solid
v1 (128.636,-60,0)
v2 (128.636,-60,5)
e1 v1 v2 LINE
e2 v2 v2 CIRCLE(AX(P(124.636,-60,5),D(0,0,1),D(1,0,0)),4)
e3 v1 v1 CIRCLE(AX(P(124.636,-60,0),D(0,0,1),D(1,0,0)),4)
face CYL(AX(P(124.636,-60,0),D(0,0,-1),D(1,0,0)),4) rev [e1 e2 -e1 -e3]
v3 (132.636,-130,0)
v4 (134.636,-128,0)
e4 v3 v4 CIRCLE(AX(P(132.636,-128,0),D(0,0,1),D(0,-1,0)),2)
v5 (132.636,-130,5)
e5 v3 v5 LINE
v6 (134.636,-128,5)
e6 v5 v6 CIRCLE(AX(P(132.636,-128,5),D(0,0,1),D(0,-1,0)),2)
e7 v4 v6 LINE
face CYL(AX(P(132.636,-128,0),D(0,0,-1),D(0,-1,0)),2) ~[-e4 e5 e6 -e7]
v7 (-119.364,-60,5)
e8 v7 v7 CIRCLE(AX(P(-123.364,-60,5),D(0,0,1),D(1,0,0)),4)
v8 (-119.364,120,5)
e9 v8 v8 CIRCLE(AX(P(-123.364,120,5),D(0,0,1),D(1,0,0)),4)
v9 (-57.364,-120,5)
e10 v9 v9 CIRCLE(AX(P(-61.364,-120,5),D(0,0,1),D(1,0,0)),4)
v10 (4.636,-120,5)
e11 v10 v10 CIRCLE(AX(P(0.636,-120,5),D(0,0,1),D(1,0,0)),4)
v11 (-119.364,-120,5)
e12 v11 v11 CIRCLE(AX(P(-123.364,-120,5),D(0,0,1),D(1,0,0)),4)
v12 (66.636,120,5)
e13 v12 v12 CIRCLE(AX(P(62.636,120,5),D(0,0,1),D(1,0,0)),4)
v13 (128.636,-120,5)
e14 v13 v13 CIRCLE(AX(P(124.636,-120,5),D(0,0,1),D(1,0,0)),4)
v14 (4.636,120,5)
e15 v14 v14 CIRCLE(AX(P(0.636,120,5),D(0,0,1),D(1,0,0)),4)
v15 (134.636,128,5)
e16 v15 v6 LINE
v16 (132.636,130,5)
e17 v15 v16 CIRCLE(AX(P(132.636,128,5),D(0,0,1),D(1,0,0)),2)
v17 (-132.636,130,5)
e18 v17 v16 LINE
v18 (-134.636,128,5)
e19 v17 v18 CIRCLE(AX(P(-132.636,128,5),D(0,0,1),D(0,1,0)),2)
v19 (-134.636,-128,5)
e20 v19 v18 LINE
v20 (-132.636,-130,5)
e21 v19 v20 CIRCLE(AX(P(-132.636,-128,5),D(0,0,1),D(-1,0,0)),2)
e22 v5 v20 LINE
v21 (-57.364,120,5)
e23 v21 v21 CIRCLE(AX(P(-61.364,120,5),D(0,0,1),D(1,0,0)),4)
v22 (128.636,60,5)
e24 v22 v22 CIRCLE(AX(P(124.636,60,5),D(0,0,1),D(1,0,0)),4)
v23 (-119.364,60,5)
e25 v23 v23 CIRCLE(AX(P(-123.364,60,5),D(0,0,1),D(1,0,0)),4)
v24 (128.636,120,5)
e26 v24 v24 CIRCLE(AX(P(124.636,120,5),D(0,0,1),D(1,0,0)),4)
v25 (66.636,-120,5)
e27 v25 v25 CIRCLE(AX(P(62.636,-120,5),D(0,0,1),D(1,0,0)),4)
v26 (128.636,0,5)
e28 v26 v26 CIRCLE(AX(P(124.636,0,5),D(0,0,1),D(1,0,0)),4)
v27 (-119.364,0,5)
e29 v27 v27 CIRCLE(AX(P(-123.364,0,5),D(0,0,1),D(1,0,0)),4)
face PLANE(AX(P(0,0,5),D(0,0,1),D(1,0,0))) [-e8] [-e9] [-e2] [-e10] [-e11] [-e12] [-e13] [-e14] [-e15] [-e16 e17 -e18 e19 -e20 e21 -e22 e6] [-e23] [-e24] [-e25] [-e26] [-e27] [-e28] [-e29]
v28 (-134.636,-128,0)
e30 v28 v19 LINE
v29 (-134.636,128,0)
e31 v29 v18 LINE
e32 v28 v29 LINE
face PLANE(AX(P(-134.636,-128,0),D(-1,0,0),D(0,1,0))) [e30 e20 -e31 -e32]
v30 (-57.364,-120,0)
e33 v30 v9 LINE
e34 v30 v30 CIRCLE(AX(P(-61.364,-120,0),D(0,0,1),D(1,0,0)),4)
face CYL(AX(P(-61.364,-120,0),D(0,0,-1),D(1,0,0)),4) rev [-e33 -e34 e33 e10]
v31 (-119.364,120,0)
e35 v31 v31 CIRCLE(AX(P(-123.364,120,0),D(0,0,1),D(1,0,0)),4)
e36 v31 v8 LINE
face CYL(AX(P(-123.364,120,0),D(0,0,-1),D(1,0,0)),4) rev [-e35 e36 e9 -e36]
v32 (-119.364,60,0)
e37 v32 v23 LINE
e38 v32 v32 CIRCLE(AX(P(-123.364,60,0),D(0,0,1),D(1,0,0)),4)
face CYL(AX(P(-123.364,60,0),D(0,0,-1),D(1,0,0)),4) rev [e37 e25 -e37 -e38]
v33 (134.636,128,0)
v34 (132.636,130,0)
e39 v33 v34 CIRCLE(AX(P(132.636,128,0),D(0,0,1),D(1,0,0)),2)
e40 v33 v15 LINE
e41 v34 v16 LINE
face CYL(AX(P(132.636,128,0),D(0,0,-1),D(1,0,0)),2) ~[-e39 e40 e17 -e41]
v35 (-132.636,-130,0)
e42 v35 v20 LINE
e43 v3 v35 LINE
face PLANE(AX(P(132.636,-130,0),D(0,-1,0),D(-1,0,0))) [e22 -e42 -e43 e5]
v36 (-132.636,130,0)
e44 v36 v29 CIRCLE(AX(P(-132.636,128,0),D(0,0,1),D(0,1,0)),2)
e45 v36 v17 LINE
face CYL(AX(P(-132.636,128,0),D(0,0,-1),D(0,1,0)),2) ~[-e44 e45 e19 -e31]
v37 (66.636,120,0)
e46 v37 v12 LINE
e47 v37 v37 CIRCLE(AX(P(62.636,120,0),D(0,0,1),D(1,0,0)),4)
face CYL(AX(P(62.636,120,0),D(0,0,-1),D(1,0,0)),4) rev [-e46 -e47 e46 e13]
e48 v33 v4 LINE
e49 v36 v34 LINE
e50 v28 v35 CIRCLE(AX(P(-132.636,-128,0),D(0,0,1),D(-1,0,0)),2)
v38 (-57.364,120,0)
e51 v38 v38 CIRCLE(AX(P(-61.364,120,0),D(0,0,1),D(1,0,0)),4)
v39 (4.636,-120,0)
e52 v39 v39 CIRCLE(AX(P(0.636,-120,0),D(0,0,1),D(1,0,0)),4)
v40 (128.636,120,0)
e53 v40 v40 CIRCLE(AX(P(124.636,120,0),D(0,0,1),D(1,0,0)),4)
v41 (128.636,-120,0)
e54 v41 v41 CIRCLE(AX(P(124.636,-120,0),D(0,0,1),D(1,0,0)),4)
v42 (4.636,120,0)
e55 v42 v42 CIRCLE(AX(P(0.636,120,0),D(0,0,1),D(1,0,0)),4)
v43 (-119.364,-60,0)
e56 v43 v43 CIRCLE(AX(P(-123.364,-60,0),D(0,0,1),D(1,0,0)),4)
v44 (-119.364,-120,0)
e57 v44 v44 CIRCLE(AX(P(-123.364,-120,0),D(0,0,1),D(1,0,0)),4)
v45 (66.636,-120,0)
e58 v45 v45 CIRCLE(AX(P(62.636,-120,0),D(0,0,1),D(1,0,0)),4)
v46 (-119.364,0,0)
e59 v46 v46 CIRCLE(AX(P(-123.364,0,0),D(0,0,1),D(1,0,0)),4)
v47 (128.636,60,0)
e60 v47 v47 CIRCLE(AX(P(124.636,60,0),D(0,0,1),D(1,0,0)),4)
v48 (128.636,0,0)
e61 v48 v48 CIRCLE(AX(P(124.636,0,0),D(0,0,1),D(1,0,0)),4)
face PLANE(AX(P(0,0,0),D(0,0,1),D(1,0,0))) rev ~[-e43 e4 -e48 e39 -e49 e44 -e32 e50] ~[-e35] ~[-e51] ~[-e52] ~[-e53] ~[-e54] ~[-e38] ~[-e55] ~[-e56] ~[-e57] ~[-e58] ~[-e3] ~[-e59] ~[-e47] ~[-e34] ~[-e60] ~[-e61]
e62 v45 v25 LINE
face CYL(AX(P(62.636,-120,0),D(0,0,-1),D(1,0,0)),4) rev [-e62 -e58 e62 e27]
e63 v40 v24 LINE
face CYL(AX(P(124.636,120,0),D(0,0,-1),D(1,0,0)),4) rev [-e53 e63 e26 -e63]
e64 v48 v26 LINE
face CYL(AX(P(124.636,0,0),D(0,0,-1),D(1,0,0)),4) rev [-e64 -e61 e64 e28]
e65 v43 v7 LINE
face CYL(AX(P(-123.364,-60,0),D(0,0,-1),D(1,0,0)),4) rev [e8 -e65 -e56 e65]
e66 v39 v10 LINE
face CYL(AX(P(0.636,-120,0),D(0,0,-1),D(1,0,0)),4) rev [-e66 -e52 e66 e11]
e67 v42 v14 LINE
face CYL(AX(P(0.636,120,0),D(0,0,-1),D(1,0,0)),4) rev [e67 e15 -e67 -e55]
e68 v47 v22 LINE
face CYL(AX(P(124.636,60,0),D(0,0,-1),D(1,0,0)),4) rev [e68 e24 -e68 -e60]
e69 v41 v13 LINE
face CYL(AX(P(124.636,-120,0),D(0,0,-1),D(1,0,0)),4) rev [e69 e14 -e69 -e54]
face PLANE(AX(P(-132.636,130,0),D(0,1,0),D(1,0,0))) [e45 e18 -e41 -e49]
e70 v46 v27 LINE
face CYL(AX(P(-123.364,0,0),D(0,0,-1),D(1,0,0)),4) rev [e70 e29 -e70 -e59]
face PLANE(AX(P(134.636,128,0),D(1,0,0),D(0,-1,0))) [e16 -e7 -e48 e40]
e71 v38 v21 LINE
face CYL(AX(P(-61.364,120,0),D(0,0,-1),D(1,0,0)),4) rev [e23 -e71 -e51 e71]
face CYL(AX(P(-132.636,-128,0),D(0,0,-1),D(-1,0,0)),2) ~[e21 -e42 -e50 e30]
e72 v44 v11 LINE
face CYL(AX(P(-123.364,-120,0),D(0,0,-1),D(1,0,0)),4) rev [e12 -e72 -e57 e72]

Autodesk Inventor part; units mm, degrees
ref_plane "YZ Plane" through (0, 0, 0) normal (1, 0, 0) x (0, 1, 0)
ref_plane "XZ Plane" through (0, 0, 0) normal (0, 1, 0) x (-1, 0, 0)
ref_plane "XY Plane" through (0, 0, 0) normal (0, 0, 1) x (1, 0, 0)
ref_plane "РабПлоскость1" through (0, 0, 0) normal (0, 0, 1) x (1, 0, 0)
sketch "Эскиз1" plane through (0, 0, 0) normal (0, 0, 1) x (1, 0, 0)
  circle A0 centre (-123.364, -120) radius 4 projected
  circle A1 centre (-61.364, -120) radius 4 projected
  circle A2 centre (0.636, -120) radius 4 projected
  circle A3 centre (62.636, -120) radius 4 projected
  circle A4 centre (124.636, -120) radius 4 projected
  circle A5 centre (-123.364, -60) radius 4 projected
  circle A6 centre (124.636, -60) radius 4 projected
  circle A7 centre (-123.364, 0) radius 4 projected
  circle A8 centre (124.636, 0) radius 4 projected
  circle A9 centre (-123.364, 60) radius 4 projected
  circle A10 centre (124.636, 60) radius 4 projected
  circle A11 centre (-123.364, 120) radius 4 projected
  circle A12 centre (-61.364, 120) radius 4 projected
  circle A13 centre (0.636, 120) radius 4 projected
  circle A14 centre (62.636, 120) radius 4 projected
  circle A15 centre (124.636, 120) radius 4 projected
  line L0 (-115.364, -110) -> (-115.364, 110) projected
  line L1 (-115.364, 110) -> (114.636, 110) projected
  line L2 (114.636, 110) -> (114.636, -110) projected
  line L3 (114.636, -110) -> (-115.364, -110) projected
  arc A16 (132.636, -130) -> (134.636, -128) centre (132.636, -128) ccw projected
  line L4 (134.636, 128) -> (134.636, -128) projected
  arc A17 (134.636, 128) -> (132.636, 130) centre (132.636, 128) ccw projected
  line L5 (-132.636, 130) -> (132.636, 130) projected
  arc A18 (-132.636, 130) -> (-134.636, 128) centre (-132.636, 128) ccw projected
  line L6 (-134.636, -128) -> (-134.636, 128) projected
  arc A19 (-134.636, -128) -> (-132.636, -130) centre (-132.636, -128) ccw projected
  line L7 (132.636, -130) -> (-132.636, -130) projected
extrude "Выдавливание1" add sketch "Эскиз1" along normal blind 5 contours L0 L1 L2 L3 | L7 A19 L6 A18 L5 A17 L4 A16
properties part number "Деталь6_CPY" material "Чугун, серый"
